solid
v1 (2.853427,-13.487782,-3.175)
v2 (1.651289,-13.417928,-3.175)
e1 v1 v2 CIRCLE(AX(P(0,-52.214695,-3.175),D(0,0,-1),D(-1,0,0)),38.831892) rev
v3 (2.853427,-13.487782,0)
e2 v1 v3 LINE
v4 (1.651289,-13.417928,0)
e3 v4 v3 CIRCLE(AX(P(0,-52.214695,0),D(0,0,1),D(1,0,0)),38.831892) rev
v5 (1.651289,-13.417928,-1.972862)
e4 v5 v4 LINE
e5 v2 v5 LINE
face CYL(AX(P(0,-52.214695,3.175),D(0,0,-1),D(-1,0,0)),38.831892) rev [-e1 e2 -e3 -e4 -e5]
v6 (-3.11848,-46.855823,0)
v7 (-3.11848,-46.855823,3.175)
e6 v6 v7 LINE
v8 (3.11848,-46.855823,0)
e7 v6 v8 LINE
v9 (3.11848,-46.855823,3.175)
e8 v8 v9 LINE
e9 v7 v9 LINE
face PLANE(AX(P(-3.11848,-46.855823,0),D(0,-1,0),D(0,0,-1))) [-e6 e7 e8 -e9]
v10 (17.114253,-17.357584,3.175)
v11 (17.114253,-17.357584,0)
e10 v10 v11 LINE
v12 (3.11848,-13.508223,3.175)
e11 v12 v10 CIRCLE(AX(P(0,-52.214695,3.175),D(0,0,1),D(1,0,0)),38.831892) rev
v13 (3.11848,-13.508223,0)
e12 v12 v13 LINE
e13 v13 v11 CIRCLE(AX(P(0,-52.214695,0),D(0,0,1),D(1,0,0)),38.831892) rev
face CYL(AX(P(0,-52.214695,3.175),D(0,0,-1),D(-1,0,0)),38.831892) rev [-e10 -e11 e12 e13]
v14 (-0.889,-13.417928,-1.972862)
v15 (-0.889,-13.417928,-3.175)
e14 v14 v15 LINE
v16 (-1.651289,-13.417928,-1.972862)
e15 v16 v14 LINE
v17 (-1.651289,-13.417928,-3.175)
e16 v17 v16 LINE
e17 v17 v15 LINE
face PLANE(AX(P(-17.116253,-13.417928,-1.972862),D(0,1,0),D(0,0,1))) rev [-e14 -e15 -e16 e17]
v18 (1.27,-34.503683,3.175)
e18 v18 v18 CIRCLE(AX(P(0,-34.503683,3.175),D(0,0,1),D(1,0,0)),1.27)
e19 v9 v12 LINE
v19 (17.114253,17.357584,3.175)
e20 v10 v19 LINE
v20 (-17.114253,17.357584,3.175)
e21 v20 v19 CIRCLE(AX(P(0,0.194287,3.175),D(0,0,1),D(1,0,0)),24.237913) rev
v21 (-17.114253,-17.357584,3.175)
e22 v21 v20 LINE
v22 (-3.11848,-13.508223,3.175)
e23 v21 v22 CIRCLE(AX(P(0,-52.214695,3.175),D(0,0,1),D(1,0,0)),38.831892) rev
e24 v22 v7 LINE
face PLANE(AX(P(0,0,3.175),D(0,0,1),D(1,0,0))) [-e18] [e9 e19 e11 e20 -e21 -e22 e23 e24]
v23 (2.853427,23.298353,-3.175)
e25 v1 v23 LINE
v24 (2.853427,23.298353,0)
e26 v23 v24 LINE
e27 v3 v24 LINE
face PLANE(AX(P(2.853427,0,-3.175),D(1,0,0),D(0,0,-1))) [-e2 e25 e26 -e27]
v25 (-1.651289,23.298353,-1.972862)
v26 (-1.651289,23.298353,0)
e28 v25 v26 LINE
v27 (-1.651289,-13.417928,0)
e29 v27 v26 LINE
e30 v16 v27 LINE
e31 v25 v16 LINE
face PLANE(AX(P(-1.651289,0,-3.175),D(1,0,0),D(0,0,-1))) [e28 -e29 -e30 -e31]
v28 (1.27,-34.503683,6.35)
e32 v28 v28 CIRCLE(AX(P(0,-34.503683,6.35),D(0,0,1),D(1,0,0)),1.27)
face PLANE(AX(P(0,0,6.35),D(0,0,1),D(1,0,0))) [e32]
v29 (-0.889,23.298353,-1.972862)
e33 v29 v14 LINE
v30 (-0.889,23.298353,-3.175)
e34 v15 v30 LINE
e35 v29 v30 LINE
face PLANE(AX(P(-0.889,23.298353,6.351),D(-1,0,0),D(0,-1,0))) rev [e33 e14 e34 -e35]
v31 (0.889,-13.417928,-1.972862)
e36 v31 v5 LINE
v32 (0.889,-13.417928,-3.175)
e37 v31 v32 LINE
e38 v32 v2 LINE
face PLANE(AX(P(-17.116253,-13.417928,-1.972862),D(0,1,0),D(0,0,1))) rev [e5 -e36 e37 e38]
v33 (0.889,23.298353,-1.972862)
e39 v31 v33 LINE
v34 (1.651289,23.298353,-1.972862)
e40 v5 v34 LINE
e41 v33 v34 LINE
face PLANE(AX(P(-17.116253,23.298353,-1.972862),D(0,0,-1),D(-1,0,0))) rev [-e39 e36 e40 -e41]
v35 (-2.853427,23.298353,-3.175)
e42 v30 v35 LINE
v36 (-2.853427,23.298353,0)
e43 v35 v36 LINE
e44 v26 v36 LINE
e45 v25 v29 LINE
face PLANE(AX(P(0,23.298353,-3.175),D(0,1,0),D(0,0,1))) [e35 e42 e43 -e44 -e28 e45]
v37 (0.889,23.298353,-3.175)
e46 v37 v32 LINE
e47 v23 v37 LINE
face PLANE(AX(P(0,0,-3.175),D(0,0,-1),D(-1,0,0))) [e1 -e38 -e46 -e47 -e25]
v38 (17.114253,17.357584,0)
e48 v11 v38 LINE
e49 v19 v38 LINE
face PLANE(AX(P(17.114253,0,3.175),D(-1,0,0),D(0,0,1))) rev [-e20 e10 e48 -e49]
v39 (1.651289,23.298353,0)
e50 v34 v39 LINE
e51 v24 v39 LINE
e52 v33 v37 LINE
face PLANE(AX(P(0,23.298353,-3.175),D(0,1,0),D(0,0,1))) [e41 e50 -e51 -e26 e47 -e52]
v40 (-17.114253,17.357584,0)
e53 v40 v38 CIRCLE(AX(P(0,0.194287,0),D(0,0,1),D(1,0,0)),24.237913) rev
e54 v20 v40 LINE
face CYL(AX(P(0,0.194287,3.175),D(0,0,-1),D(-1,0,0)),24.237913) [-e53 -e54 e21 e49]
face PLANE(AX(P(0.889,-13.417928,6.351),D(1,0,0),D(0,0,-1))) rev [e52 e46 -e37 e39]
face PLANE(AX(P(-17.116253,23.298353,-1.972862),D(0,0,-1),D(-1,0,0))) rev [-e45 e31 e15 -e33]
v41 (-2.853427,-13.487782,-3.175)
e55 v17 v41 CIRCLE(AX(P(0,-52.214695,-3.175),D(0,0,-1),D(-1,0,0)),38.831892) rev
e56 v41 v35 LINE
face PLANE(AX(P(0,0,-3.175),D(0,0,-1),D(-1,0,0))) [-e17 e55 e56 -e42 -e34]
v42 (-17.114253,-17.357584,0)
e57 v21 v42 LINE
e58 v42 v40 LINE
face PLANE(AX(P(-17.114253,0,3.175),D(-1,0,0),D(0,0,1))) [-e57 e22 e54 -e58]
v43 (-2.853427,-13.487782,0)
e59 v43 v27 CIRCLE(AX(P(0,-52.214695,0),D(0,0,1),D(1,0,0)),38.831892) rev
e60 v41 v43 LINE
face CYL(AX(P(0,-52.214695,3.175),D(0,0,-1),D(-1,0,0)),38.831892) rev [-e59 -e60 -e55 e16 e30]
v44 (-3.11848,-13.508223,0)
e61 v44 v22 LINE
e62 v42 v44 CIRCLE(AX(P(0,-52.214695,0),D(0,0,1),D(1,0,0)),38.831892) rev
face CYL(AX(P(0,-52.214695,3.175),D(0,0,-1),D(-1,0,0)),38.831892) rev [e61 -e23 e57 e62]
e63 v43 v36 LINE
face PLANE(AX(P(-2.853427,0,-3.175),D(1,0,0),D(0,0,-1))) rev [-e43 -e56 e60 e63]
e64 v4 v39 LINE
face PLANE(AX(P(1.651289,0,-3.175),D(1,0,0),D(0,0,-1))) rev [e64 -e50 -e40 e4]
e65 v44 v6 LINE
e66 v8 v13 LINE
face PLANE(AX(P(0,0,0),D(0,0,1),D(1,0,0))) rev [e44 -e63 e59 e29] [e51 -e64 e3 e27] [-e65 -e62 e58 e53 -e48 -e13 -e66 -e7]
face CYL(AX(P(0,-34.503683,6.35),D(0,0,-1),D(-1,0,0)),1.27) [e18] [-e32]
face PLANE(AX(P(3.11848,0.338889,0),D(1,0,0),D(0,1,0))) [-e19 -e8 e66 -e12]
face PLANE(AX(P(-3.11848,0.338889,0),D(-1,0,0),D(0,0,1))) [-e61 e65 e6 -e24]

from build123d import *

# Parameters (mm, degrees)
BOSS_EXTRUDE1_DEPTH = 3.175
BOSS_EXTRUDE2_DEPTH = 3.175
SKETCH3_W           = 6.236959702
SKETCH3_H           = 47.194711522
BOSS_EXTRUDE3_DEPTH = 3.175
SKETCH4_R           = 1.27
BOSS_EXTRUDE4_DEPTH = 3.175
BOSS_EXTRUDE5_REACH = 20.766
SKETCH6_W           = 1.202138058
SKETCH6_H           = 36.716281243
CUT_EXTRUDE1_REACH  = 11.525


with BuildPart() as part:
    # Sketch1 → Boss-Extrude1 (new body)
    with BuildSketch(Plane.XY):
        with BuildLine():
            Line((-17.114253333, -17.357583949), (-17.114253333, 17.357583949))
            ThreePointArc((-17.114253333, 17.357583949), (0, 24.432200125), (17.114253333, 17.357583949))
            Line((17.114253333, 17.357583949), (17.114253333, -17.357583949))
            ThreePointArc((17.114253333, -17.357583949), (0, -13.382802691), (-17.114253333, -17.357583949))
        make_face()
    extrude(amount=BOSS_EXTRUDE1_DEPTH)

    # Sketch2 → Boss-Extrude2 (add)
    with BuildSketch(Plane(origin=(0, 0, 0), x_dir=(-1, 0, 0), z_dir=(0, 0, -1))):
        with BuildLine():
            Line((-1.65128862, -13.417928303), (-1.65128862, 22.268343179))
            Line((-1.65128862, 22.268343179), (-1.65128862, 23.29835294))
            Line((-1.65128862, 23.29835294), (-2.853426735, 23.29835294))
            Line((-2.853426735, 23.29835294), (-2.853426735, -13.48778167))
            ThreePointArc((-2.853426735, -13.48778167), (-2.25262846, -13.448194961), (-1.65128862, -13.417928303))
        make_face()
        with BuildLine():
            Line((1.65128862, 23.29835294), (1.65128862, 22.268343179))
            Line((1.65128862, 22.268343179), (1.65128862, -13.417928303))
            ThreePointArc((1.65128862, -13.417928303), (2.25262846, -13.448194961), (2.853426735, -13.48778167))
            Line((2.853426735, -13.48778167), (2.853426735, 23.29835294))
            Line((2.853426735, 23.29835294), (1.65128862, 23.29835294))
        make_face()
    extrude(amount=BOSS_EXTRUDE2_DEPTH)

    # Sketch3 → Boss-Extrude3 (add)
    with BuildSketch(Plane.XY.offset(3.175)):
        with Locations((0, -23.258467244)):
            Rectangle(SKETCH3_W, SKETCH3_H)
    extrude(amount=-BOSS_EXTRUDE3_DEPTH)

    # Sketch4 → Boss-Extrude4 (add)
    with BuildSketch(Plane.XY.offset(3.175)):
        with Locations((0, -34.503683415)):
            Circle(SKETCH4_R)
    extrude(amount=BOSS_EXTRUDE4_DEPTH)

    # Sketch6 → Boss-Extrude5 (add, up to next)
    with BuildSketch(Plane.ZY.offset(-1.65128862), mode=Mode.PRIVATE) as boss_extrude5_sk1:
        with Locations((-2.573930971, 4.940212319)):
            Rectangle(SKETCH6_W, SKETCH6_H)
    boss_extrude5_tool1 = extrude(boss_extrude5_sk1.sketch, amount=BOSS_EXTRUDE5_REACH, mode=Mode.PRIVATE) - part.part
    add(boss_extrude5_tool1.solids().sort_by_distance((1.651289, 4.940212, -2.573931))[0])

    # Sketch8 → Cut-Extrude1 (cut, up to next)
    with BuildSketch(Plane(origin=(0, 0, -3.175), x_dir=(-1, 0, 0), z_dir=(0, 0, -1)), mode=Mode.PRIVATE) as cut_extrude1_sk1:
        Polygon((0, 23.29835294), (-0.889, 23.29835294), (-0.889, -13.417928303), (0.889, -13.417928303), (0.889, 23.29835294), align=None)
    cut_extrude1_tool1 = extrude(cut_extrude1_sk1.sketch, amount=-CUT_EXTRUDE1_REACH, mode=Mode.PRIVATE) & part.part
    add(cut_extrude1_tool1.solids().sort_by_distance((0, 4.940212, -3.175))[0], mode=Mode.SUBTRACT)


solid = part.part
